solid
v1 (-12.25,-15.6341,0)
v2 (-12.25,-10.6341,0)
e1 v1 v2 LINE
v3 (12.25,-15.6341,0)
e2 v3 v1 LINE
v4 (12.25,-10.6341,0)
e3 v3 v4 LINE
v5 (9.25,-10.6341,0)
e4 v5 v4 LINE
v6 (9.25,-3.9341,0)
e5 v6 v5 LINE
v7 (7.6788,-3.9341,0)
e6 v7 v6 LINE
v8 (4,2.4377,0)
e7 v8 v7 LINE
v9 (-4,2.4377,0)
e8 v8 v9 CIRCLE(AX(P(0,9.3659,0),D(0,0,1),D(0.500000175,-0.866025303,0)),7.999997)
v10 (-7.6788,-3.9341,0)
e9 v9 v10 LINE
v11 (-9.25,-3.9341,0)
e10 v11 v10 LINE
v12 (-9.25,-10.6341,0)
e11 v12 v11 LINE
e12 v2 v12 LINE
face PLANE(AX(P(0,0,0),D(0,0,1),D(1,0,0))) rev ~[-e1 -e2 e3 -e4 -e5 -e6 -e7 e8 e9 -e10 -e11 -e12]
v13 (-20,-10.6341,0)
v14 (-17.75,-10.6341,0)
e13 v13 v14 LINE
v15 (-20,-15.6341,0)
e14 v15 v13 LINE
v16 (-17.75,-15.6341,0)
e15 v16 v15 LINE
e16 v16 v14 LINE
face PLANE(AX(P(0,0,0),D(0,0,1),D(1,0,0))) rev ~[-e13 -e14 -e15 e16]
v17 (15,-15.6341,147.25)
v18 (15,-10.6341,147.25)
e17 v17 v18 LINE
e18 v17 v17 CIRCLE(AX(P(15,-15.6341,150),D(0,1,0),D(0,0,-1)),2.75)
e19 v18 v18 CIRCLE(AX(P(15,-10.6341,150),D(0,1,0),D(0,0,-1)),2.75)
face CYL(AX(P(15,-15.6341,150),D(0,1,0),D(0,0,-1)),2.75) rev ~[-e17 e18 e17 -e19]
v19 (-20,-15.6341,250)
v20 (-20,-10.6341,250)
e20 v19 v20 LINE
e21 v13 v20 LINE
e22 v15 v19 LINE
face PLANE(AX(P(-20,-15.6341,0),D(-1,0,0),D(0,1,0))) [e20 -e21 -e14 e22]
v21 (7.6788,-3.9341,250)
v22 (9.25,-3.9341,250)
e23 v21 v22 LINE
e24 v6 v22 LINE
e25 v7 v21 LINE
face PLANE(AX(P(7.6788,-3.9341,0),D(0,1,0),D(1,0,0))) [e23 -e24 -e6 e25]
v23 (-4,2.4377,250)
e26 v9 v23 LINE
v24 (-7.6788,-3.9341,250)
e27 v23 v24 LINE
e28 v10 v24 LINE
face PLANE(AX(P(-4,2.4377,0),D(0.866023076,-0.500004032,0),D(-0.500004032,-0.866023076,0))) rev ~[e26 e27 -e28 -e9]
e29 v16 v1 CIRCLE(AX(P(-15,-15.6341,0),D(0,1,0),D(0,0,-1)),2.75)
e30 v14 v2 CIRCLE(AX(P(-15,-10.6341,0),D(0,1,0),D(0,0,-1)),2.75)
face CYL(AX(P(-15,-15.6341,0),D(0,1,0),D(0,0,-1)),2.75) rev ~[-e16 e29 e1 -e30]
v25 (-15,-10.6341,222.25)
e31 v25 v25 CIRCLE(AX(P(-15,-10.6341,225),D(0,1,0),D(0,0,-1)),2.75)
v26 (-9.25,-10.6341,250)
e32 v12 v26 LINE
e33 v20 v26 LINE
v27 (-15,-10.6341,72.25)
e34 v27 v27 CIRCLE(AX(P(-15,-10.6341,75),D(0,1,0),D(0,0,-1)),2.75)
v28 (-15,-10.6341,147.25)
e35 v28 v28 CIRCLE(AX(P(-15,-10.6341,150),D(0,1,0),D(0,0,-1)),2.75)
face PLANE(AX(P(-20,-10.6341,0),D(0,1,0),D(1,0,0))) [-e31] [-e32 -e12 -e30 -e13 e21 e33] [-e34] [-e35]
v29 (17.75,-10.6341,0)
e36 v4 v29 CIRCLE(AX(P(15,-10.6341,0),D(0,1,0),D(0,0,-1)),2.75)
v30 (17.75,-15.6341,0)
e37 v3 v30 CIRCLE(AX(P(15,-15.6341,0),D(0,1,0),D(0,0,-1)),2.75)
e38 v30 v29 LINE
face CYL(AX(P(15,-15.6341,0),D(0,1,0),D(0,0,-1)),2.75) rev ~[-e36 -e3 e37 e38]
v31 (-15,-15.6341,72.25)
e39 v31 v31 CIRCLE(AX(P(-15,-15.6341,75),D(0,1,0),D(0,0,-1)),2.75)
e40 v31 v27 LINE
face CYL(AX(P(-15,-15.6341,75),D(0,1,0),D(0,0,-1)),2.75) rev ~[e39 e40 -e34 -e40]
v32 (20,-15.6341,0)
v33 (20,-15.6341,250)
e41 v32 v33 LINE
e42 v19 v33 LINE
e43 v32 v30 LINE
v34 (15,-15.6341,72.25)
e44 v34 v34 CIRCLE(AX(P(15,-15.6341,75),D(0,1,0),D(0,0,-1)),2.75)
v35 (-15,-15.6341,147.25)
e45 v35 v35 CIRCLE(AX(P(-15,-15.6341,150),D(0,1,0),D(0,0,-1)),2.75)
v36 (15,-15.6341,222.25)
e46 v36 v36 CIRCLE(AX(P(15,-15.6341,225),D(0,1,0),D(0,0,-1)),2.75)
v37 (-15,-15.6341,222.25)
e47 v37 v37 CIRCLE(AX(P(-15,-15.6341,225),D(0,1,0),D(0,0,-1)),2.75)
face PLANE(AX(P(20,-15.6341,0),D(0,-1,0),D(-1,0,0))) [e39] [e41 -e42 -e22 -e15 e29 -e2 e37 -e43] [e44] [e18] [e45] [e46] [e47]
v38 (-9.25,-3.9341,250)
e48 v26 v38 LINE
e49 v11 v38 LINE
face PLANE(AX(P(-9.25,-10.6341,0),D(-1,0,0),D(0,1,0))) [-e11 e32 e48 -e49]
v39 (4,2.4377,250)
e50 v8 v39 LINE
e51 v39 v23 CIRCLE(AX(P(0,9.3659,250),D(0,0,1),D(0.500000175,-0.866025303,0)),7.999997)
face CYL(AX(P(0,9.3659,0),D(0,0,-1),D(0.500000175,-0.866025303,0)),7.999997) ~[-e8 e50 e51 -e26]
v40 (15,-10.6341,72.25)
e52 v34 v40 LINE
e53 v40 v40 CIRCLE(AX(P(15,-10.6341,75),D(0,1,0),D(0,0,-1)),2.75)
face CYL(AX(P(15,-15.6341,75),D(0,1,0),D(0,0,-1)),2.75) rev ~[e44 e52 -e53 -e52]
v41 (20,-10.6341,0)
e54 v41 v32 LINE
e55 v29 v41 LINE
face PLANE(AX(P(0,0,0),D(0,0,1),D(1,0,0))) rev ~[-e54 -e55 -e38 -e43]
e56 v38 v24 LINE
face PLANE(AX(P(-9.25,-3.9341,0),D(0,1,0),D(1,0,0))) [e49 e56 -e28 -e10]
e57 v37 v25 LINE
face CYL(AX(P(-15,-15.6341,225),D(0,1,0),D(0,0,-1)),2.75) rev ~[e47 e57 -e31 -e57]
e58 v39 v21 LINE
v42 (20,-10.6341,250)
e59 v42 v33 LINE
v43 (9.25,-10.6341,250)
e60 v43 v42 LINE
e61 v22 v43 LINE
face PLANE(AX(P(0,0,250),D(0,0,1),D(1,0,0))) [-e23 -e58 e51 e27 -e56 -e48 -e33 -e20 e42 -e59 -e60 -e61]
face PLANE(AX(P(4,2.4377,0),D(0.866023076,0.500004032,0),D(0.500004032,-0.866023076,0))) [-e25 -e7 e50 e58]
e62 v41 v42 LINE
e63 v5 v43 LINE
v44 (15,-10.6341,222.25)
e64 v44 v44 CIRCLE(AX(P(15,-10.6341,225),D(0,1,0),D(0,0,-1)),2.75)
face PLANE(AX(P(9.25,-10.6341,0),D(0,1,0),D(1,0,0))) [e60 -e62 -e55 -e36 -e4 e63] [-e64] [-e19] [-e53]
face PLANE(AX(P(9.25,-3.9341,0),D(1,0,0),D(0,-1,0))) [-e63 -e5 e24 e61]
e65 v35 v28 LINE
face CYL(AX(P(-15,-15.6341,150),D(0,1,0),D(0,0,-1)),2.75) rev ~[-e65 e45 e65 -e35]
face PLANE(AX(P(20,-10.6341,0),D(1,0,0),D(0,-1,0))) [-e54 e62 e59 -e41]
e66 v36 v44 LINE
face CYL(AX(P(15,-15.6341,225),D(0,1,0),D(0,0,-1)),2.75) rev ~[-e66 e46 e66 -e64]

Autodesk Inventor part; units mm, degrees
ref_plane "YZ Plane" through (0, 0, 0) normal (1, 0, 0) x (0, 1, 0)
ref_plane "XZ Plane" through (0, 0, 0) normal (0, 1, 0) x (-1, 0, 0)
ref_plane "XY Plane" through (0, 0, 0) normal (0, 0, 1) x (1, 0, 0)
sketch "Esboço1" plane through (0, 0, 0) normal (0, 0, 1) x (1, 0, 0)
  arc A0 (4, 2.4377) -> (-4, 2.4377) centre (0, 9.3659) ccw
  line L0 (9.25, -3.9341) -> (9.25, -10.6341)
  line L1 (-9.25, -10.6341) -> (-9.25, -3.9341)
  line L2 (4, -15.6341) -> (-4, -15.6341)
  line L3 (20, -15.6341) -> (-20, -15.6341)
  line L4 (-20, -15.6341) -> (-20, -10.6341)
  line L5 (20, -10.6341) -> (20, -15.6341)
  line L6 (7.6788, -3.9341) -> (9.25, -3.9341)
  line L7 (-9.25, -3.9341) -> (-7.6788, -3.9341)
  line L8 (9.25, -10.6341) -> (20, -10.6341)
  line L9 (-20, -10.6341) -> (-9.25, -10.6341)
  line L10 (-4, 2.4377) -> (-7.6788, -3.9341)
  line L11 (-17.4151, -20.798) -> (-22.4188, -29.4646)
  line L12 (17.4151, -20.798) -> (23.6527, -31.6017)
  line L13 (9.25, -15.6341) -> (4, -15.6341)
  line L14 (0, -15.6341) -> (-9.25, -15.6341)
  line L15 (4, 2.4377) -> (7.6788, -3.9341)
  dimension "d6" = 16
  dimension "d7" = 25
  dimension "d8" = 18.5
  dimension "d9" = 11.7
  dimension "d10" = 8
  dimension "d13" = 5
  dimension "d14" = 40
extrude "Extrusão1" add sketch "Esboço1" along normal blind 250
sketch "Esboço3" plane through (-20, -15.6341, 0) normal (0, -1, 0) x (1, 0, 0)
  line L0 (0, 250) -> (40, 250) construction
  line L1 (20, 250) -> (20, 0) construction
  line L2 (20, 225) -> (5, 225) construction
  line L3 (5, 225) -> (20, 225) construction
  line L4 (20, 225) -> (35, 225) construction
  circle A0 centre (5, 225) radius 2.75
  circle A1 centre (35, 225) radius 2.75
  line L5 (40, 0) -> (0, 0) construction
  line L6 (35, 250) -> (35, 0) construction
  line L7 (5, 250) -> (5, 0) construction
  circle A2 centre (35, 150) radius 2.75
  circle A3 centre (35, 75) radius 2.75
  circle A4 centre (35, 0) radius 2.75
  circle A5 centre (5, 150) radius 2.75
  circle A6 centre (5, 75) radius 2.75
  circle A7 centre (5, 0) radius 2.75
  dimension "d18" = 15
  dimension "d19" = 15
  dimension "d20" = 5.5
  dimension "d21" = 5.5
  dimension "d22" = 25
  dimension "d37" = 75
  dimension "d44" = 75
hole "Furo2" at (15, -15.6341, 225) at (-15, -15.6341, 225) at (-15, -15.6341, 150) at (15, -15.6341, 150) at (-15, -15.6341, 75) at (15, -15.6341, 75) at (15, -15.6341, 0) at (-15, -15.6341, 0) direction (0, 1, 0) diameter 5.5 end through all
properties part number "SBR16_200MM"
